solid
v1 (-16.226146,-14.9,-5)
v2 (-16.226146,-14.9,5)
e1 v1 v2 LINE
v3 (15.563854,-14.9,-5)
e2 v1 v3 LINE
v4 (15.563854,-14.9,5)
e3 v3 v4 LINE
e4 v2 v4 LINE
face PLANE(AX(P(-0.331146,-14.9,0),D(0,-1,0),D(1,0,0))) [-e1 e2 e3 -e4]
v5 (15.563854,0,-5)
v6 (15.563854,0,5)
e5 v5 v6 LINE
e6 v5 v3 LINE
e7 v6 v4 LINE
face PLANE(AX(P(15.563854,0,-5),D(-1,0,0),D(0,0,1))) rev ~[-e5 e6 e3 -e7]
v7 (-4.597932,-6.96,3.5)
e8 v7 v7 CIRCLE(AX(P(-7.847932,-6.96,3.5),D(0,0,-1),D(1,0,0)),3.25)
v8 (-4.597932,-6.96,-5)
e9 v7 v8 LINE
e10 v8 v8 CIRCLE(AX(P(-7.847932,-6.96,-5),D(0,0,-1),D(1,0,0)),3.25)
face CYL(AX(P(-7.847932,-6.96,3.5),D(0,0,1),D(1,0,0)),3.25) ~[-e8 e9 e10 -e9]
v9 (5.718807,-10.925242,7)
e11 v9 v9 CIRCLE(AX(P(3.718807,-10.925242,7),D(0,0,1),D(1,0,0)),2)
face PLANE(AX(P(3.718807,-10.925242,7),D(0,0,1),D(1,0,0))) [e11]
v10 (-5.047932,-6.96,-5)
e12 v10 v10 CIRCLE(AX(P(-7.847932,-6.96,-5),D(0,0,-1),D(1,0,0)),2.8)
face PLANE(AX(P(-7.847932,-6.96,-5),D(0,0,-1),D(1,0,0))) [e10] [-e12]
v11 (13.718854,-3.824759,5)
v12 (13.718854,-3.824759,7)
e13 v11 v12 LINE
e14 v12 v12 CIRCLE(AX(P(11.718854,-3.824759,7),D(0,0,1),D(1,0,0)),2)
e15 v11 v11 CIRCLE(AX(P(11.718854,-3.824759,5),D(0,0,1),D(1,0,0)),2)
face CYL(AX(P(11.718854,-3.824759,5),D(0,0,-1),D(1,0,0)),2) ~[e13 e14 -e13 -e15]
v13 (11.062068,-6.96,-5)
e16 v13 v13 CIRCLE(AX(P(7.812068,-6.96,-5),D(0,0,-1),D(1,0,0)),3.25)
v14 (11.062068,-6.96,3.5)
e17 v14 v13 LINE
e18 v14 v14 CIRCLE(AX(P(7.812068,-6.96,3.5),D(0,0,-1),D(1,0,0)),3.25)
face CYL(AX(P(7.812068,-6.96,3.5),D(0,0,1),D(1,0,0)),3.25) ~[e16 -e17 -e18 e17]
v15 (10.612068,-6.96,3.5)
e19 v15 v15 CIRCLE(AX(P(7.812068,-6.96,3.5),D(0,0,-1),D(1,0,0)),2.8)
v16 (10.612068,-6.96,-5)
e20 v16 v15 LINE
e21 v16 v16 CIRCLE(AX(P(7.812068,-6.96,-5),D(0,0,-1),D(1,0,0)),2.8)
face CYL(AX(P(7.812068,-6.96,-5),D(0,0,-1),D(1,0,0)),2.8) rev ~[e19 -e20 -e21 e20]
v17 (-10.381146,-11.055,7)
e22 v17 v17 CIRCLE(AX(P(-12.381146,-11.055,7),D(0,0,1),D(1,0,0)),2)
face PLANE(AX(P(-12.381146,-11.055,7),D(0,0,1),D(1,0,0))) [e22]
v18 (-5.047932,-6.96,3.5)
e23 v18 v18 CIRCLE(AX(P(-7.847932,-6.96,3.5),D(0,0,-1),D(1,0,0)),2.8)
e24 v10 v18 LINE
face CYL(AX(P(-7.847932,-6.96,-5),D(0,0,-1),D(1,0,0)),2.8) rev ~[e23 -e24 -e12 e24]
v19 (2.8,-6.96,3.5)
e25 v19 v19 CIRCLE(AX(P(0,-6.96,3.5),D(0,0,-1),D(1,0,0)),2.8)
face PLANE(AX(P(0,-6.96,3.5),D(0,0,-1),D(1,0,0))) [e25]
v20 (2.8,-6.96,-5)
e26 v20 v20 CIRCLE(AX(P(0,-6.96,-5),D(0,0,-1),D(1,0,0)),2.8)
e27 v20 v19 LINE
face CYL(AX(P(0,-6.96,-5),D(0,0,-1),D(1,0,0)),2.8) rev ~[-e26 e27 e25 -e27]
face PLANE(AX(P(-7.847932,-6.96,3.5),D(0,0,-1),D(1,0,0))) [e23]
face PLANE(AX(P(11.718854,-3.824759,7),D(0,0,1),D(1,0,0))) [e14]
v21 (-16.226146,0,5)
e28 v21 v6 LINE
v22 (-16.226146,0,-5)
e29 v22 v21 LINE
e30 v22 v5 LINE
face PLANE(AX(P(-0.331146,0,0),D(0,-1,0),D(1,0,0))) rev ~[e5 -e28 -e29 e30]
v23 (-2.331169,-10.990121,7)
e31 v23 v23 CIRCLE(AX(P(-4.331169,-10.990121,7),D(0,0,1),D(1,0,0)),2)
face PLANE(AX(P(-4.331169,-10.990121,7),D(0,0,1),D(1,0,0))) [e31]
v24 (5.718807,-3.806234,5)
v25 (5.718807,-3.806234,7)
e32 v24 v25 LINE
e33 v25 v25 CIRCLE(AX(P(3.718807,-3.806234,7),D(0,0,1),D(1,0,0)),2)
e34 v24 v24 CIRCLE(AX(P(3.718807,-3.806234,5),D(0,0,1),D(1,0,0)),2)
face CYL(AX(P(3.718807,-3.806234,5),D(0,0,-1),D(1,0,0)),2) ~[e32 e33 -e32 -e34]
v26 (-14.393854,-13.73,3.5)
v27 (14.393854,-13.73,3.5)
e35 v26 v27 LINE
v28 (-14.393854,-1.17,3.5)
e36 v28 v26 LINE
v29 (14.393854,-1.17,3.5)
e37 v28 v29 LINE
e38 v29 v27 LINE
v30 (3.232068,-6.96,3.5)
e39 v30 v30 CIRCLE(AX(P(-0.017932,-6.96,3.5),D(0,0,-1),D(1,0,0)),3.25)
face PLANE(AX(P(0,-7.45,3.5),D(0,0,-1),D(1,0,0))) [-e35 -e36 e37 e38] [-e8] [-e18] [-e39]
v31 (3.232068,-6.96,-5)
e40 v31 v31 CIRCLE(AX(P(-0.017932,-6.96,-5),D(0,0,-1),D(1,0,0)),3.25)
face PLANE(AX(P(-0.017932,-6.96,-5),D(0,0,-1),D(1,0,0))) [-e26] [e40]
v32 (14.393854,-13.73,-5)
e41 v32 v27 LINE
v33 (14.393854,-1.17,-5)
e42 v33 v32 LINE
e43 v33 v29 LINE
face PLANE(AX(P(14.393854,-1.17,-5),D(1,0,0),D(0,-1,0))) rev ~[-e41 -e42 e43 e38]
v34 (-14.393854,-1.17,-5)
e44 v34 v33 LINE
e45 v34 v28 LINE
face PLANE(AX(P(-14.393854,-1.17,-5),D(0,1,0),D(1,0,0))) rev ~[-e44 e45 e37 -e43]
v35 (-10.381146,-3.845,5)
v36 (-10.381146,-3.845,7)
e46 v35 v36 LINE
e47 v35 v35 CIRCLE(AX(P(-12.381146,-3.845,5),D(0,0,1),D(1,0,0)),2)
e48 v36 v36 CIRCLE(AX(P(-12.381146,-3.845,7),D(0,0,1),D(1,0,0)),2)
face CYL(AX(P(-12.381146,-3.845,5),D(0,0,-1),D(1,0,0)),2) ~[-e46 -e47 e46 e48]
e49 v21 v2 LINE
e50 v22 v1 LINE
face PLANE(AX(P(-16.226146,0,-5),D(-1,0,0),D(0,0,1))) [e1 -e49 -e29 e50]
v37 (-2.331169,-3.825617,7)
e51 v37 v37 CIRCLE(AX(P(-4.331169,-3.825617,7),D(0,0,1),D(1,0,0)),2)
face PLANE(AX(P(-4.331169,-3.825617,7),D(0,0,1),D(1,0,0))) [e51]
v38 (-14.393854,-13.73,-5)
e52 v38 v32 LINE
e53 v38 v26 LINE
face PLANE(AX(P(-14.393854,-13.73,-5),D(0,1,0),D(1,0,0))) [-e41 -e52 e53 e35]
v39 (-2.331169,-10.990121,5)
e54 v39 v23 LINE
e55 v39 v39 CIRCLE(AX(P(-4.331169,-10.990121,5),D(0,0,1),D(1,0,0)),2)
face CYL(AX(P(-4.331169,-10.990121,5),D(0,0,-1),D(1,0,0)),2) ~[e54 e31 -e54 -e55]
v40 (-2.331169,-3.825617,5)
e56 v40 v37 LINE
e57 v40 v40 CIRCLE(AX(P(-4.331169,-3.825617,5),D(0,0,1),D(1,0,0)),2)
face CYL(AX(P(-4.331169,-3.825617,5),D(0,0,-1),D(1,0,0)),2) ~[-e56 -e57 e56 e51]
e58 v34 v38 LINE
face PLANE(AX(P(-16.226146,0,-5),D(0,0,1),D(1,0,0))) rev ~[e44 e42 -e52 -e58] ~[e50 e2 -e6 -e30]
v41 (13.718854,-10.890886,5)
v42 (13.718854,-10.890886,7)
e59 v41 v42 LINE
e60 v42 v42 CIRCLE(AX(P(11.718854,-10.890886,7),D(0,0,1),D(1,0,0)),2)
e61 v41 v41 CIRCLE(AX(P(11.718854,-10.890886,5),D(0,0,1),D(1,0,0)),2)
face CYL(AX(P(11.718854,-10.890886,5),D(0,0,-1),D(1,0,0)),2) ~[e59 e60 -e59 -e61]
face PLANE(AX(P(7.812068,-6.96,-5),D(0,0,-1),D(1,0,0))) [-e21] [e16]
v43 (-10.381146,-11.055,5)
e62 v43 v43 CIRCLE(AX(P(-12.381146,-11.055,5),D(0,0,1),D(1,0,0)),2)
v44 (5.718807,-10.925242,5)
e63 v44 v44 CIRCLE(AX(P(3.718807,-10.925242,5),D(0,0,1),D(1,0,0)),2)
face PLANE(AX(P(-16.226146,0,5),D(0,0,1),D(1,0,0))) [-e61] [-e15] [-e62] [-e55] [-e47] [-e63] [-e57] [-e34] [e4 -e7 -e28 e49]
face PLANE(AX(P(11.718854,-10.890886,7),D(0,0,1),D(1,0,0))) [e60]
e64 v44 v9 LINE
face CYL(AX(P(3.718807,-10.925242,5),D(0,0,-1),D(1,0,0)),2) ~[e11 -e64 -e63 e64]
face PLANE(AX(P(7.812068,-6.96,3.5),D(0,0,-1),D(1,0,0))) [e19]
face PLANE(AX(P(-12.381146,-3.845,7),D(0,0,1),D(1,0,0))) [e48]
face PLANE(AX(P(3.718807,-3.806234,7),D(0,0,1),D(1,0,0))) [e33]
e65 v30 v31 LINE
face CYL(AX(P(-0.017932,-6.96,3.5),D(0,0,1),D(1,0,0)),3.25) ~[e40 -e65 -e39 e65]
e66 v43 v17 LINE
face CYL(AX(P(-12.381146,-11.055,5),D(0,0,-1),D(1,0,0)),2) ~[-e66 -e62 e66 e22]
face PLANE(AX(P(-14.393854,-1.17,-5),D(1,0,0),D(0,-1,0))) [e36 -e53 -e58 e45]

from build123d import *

# Parameters (mm, degrees)
F0_W     = 31.79
F0_H     = 10
F1_DEPTH = 14.9
F2_W     = 28.787708
F2_H     = 12.56
F3_DEPTH = 8.5
F4_R     = 2
F5_DEPTH = 2
F6_R     = 3.25
F7_DEPTH = 8.5
F8_R     = 2.8
F9_DEPTH = 8.5


with BuildPart() as f1:
    # F0 (on Front) → F1 (new body)
    with BuildSketch(Plane.XZ):
        with Locations((-0.331146, 0)):
            Rectangle(F0_W, F0_H)
    extrude(amount=F1_DEPTH)

    # F2 (on face) → F3 (cut)
    with BuildSketch(Plane(origin=(0, 0, -5), x_dir=(1, 0, 0), z_dir=(0, 0, -1))):
        with Locations((0, 7.45)):
            Rectangle(F2_W, F2_H)
    extrude(amount=-F3_DEPTH, mode=Mode.SUBTRACT)

    # F4 (on face) → F5 (join)
    with BuildSketch(Plane.XY.offset(5)):
        with Locations((-12.381146, -3.845)):
            Circle(F4_R)
        with Locations((-4.331169, -3.825617)):
            Circle(F4_R)
        with Locations((3.718807, -3.806234)):
            Circle(F4_R)
        with Locations((11.718854, -3.824759)):
            Circle(F4_R)
        with Locations((-12.381146, -11.055)):
            Circle(F4_R)
        with Locations((-4.331169, -10.990121)):
            Circle(F4_R)
        with Locations((3.718807, -10.925242)):
            Circle(F4_R)
        with Locations((11.718854, -10.890886)):
            Circle(F4_R)
    extrude(amount=F5_DEPTH)

    # F6 (on face) → F7 (join)
    with BuildSketch(Plane(origin=(0, 0, 3.5), x_dir=(1, 0, 0), z_dir=(0, 0, -1))):
        with Locations((-0.017932, 6.96)):
            Circle(F6_R)
        with Locations((-7.847932, 6.96)):
            Circle(F6_R)
        with Locations((7.812068, 6.96)):
            Circle(F6_R)
    extrude(amount=F7_DEPTH)

    # F8 (on face) → F9 (cut)
    with BuildSketch(Plane(origin=(0, 0, -5), x_dir=(1, 0, 0), z_dir=(0, 0, -1))):
        with Locations((-7.847932, 6.96)):
            Circle(F8_R)
        with Locations((0, 6.96)):
            Circle(F8_R)
        with Locations((7.812068, 6.96)):
            Circle(F8_R)
    extrude(amount=-F9_DEPTH, mode=Mode.SUBTRACT)


solid = f1.part
